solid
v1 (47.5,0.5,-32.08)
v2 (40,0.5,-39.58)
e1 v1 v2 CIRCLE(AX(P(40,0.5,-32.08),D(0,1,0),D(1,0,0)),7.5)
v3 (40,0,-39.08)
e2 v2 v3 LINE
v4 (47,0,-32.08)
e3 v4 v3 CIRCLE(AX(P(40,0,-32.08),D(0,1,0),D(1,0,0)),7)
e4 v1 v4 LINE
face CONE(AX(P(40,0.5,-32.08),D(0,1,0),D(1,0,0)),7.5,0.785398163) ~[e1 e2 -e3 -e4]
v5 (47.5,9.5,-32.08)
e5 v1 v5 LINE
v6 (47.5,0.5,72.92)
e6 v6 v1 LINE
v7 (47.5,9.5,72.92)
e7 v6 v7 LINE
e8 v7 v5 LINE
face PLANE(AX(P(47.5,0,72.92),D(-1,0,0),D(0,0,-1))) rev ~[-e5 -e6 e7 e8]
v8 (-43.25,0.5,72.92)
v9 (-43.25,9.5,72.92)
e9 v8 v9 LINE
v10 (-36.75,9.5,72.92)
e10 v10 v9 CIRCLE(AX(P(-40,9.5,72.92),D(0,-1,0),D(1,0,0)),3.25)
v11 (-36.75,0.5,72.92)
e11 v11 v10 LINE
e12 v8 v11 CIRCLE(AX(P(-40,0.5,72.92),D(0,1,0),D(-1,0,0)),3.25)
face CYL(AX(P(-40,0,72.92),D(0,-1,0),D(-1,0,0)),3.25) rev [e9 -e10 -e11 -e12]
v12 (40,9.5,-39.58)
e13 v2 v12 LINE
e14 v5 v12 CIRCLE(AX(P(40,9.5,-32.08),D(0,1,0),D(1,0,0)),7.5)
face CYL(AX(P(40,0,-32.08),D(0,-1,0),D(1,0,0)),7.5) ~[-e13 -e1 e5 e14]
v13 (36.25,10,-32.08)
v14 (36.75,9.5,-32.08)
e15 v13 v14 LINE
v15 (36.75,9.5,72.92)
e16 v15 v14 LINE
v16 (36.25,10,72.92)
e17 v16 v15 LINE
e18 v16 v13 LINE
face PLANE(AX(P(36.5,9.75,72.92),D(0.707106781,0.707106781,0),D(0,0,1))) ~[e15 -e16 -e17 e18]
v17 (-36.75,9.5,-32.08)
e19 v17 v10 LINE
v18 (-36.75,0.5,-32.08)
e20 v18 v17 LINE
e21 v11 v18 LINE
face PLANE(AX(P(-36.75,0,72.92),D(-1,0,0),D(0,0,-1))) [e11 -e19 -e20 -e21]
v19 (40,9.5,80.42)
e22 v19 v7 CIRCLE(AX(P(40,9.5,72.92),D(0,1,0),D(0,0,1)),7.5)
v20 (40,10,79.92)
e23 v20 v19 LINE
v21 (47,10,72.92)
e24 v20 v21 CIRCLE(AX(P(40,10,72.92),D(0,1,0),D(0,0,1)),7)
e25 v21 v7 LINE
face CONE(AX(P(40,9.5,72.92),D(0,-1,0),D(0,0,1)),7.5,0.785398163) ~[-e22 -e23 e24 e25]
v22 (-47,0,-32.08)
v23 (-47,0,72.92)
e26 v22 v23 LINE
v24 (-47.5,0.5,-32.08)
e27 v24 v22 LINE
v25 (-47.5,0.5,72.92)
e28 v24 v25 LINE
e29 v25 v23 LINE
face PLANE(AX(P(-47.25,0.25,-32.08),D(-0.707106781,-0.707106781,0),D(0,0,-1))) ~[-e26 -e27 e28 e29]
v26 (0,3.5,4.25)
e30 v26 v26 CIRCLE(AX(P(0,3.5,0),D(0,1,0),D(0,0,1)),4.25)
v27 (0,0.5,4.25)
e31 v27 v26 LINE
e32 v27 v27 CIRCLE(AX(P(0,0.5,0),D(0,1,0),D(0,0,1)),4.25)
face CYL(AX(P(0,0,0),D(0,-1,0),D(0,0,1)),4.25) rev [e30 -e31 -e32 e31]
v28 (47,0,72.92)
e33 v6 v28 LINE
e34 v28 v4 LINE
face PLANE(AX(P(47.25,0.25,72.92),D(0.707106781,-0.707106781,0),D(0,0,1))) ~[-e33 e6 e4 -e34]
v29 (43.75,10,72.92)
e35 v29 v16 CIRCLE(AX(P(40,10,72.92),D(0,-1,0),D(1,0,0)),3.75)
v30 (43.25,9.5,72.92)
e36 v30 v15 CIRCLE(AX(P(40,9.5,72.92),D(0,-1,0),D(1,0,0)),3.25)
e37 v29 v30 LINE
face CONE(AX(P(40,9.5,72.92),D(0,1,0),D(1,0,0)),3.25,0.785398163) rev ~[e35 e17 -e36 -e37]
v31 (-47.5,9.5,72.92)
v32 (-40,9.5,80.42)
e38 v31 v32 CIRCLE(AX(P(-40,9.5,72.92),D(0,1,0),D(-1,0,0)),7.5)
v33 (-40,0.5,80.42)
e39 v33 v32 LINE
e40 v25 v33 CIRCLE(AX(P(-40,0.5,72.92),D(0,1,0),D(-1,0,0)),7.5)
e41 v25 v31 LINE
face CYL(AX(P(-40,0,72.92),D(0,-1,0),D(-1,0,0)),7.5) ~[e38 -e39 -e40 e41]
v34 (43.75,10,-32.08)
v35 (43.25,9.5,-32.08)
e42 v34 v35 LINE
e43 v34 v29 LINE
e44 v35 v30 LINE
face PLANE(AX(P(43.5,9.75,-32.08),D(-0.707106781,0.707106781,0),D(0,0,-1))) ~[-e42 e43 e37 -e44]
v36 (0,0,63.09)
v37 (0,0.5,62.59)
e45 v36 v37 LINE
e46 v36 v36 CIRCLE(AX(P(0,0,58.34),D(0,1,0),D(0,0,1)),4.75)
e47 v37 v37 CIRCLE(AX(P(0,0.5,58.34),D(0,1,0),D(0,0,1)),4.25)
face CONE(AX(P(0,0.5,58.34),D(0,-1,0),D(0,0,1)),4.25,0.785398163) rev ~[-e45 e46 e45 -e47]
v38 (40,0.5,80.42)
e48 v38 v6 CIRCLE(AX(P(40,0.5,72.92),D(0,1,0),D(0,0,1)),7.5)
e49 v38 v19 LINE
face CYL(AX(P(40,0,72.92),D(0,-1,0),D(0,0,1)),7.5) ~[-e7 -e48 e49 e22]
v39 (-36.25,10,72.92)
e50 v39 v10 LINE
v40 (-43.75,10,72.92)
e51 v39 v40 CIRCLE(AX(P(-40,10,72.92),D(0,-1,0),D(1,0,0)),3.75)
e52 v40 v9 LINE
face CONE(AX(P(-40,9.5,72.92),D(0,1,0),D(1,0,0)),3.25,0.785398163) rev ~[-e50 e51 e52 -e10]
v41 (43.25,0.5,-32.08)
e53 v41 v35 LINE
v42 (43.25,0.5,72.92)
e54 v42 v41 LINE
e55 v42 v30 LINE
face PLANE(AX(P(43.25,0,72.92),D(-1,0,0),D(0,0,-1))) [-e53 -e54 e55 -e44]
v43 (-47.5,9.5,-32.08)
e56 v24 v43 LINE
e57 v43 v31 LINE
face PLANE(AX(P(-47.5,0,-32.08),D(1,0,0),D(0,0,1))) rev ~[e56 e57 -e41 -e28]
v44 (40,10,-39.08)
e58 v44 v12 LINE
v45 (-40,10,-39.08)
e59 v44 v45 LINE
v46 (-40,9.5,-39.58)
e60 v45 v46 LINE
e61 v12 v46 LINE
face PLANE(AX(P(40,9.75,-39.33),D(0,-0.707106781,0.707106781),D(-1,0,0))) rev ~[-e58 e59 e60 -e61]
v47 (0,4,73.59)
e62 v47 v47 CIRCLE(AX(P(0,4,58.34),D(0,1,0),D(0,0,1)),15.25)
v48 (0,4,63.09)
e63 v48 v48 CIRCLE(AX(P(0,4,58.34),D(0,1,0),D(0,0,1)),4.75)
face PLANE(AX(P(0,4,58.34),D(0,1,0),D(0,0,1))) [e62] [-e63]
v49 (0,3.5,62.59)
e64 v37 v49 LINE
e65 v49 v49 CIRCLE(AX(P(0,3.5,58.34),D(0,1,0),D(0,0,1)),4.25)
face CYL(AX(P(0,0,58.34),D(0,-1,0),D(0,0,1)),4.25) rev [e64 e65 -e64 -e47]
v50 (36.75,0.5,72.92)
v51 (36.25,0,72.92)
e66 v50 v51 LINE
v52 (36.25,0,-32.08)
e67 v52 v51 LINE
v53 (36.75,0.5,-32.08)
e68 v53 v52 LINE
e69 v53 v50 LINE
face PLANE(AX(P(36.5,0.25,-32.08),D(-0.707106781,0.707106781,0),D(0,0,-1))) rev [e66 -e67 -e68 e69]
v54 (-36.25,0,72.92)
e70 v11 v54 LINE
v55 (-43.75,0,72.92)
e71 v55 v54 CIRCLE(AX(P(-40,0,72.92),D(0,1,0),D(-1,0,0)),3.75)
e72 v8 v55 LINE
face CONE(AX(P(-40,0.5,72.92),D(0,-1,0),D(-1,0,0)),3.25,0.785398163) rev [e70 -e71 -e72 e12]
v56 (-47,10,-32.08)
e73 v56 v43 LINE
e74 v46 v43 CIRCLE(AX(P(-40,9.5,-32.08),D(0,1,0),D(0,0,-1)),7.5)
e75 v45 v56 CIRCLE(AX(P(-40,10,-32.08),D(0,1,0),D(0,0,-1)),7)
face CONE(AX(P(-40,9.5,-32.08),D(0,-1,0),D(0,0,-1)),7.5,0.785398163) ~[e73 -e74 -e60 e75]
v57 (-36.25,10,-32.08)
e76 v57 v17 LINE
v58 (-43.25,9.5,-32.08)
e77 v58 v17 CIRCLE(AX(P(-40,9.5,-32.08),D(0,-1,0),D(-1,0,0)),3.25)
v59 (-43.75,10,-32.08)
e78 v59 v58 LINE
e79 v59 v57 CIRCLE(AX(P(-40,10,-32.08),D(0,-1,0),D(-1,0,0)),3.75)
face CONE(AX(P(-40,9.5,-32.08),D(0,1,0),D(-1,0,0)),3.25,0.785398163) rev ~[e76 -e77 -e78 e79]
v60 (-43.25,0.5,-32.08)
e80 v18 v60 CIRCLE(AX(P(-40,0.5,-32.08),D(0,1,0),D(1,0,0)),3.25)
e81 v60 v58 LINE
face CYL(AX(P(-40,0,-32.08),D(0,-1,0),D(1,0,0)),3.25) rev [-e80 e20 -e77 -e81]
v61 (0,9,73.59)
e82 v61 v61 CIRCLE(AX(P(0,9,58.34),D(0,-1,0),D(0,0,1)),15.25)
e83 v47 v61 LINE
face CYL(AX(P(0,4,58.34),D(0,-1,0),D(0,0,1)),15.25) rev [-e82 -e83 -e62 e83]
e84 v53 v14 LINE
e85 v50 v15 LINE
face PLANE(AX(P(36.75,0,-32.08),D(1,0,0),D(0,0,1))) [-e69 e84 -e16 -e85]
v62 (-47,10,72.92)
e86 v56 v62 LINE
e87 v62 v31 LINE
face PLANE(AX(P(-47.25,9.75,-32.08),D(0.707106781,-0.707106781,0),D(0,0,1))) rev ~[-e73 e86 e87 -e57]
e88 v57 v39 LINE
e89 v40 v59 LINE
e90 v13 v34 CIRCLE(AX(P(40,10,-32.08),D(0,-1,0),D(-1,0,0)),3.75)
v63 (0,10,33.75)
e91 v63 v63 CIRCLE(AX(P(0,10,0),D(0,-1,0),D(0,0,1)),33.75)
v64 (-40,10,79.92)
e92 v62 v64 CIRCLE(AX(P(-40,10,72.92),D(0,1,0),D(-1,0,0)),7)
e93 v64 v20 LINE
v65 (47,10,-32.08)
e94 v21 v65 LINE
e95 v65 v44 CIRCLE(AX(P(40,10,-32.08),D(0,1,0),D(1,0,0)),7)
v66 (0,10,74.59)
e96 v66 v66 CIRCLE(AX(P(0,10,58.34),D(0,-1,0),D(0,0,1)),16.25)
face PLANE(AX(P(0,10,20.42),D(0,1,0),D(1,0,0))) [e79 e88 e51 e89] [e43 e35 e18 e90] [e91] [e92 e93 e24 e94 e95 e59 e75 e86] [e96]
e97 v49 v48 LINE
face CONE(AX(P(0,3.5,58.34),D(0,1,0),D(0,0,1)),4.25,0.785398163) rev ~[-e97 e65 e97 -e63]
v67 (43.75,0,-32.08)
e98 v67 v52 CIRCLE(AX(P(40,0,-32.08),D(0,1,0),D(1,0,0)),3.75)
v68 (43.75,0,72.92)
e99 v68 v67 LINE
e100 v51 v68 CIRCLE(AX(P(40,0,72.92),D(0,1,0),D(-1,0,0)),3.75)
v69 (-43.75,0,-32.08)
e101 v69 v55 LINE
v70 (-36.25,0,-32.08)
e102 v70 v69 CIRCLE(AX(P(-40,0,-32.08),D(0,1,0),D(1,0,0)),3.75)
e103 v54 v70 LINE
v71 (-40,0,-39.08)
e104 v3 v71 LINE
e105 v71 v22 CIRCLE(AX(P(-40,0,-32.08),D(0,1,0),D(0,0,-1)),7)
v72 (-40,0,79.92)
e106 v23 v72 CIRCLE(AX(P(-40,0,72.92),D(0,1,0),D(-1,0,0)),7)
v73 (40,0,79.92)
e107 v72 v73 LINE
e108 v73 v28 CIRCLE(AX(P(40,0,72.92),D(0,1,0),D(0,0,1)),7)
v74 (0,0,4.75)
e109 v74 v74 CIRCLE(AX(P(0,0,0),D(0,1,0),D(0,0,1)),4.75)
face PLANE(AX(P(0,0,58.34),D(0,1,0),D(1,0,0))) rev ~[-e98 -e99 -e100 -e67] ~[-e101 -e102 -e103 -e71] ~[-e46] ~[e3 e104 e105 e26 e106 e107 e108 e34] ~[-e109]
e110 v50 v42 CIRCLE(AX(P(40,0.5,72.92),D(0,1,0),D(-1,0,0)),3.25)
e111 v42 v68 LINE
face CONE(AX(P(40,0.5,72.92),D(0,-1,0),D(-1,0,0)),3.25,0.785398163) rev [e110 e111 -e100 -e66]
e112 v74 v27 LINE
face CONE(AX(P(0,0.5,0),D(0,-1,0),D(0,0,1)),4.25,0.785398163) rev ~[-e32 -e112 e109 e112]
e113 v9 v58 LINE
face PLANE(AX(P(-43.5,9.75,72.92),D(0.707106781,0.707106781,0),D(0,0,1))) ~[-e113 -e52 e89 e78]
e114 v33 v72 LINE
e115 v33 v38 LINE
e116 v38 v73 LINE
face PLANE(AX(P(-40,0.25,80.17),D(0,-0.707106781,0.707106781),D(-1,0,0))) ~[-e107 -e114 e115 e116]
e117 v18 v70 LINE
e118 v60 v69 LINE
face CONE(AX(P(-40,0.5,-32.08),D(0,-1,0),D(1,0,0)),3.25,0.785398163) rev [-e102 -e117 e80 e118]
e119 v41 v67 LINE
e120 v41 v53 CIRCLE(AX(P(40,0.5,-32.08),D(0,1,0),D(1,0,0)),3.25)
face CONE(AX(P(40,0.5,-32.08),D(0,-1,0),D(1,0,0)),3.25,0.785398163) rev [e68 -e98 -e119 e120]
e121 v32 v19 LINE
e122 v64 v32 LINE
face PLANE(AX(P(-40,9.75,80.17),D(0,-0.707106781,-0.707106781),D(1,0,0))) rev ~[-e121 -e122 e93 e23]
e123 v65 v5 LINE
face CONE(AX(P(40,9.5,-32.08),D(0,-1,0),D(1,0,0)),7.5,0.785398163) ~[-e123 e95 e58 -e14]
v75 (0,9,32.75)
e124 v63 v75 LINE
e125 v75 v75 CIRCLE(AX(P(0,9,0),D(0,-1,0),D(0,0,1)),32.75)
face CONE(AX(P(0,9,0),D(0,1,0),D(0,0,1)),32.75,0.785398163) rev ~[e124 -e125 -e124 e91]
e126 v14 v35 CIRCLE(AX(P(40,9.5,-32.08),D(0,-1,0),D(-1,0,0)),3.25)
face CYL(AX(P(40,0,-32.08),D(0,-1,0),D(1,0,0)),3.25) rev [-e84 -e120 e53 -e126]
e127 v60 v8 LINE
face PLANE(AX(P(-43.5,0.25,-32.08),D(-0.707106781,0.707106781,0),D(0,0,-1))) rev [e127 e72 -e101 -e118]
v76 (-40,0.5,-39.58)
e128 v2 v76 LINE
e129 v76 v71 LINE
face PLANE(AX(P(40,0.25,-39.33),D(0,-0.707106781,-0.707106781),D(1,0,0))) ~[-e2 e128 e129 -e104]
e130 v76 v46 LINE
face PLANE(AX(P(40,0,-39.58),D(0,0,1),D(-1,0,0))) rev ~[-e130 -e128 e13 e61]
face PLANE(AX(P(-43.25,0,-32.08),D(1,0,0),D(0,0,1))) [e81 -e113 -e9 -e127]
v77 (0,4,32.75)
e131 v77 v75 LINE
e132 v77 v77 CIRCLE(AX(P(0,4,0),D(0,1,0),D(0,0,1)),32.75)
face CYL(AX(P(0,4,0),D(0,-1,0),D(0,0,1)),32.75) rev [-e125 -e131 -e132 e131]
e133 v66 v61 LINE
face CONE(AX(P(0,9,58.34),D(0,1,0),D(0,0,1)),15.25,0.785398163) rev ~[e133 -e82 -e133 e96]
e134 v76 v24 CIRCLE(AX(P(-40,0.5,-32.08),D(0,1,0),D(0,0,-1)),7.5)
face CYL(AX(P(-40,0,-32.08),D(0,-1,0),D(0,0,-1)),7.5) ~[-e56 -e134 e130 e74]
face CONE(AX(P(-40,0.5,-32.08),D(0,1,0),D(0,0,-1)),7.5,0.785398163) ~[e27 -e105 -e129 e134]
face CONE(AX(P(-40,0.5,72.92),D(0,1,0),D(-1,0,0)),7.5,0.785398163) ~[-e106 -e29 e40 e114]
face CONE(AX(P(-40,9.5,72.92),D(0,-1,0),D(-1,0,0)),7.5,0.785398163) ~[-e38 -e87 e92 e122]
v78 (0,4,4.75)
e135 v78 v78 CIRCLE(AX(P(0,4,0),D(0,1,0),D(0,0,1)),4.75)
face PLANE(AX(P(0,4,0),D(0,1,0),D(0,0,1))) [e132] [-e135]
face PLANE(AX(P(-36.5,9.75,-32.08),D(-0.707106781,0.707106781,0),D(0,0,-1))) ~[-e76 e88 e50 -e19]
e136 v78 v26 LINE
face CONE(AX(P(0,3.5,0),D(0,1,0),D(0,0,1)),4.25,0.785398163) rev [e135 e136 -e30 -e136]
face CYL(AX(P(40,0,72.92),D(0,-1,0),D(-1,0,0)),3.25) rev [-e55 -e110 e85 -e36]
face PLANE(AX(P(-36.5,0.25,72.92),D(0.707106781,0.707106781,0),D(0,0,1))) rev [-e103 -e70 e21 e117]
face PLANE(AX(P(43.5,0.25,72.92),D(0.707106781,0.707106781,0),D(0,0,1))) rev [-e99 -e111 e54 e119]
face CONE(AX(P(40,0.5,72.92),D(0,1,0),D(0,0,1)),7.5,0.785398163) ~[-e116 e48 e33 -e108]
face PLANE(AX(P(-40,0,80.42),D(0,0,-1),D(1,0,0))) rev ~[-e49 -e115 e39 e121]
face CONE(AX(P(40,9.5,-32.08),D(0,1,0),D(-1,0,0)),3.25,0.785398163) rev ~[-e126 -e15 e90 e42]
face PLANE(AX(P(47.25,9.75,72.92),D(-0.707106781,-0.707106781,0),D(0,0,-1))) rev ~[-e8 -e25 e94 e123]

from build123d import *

# Parameters (mm, degrees)
SKETCH1_R           = 32.75
SKETCH1_R_2         = 15.25
SKETCH1_R_3         = 4.25
BOSS_EXTRUDE1_DEPTH = 10
SKETCH1_4_R         = 4.25
CUT_EXTRUDE2_DEPTH  = 94.934159921
CUT_EXTRUDE3_START  = 4
SKETCH1_6_R         = 32.75
SKETCH1_6_R_2       = 4.25
SKETCH1_6_R_3       = 15.25
CUT_EXTRUDE3_DEPTH  = 90.934159921
CHAMFER1_SIZE       = 1
CHAMFER2_SIZE       = 0.5


with BuildPart() as part:
    # Sketch1 → Boss-Extrude1 (new body)
    # profile 1 of 9: a face of its own
    with BuildSketch(Plane(origin=(0, 0, 0), x_dir=(1, 0, 0), z_dir=(0, 1, 0))):
        with BuildLine():
            Line((-40, -80.42), (40, -80.42))
            ThreePointArc((40, -80.42), (45.303300859, -78.223300859), (47.5, -72.92))
            Line((47.5, -72.92), (47.5, 32.08))
            ThreePointArc((47.5, 32.08), (45.303300859, 37.383300859), (40, 39.58))
            Line((40, 39.58), (-40, 39.58))
            ThreePointArc((-40, 39.58), (-45.303300859, 37.383300859), (-47.5, 32.08))
            Line((-47.5, 32.08), (-47.5, -72.92))
            ThreePointArc((-47.5, -72.92), (-45.303300859, -78.223300859), (-40, -80.42))
        make_face()
        Circle(SKETCH1_R, mode=Mode.SUBTRACT)
        with Locations((0, -58.34)):
            Circle(SKETCH1_R_2, mode=Mode.SUBTRACT)
        with BuildLine():
            ThreePointArc((46, 32.08), (40, 38.08), (34, 32.08))
            Line((34, 32.08), (34, -72.92))
            ThreePointArc((34, -72.92), (40, -78.92), (46, -72.92))
            Line((46, -72.92), (46, 32.08))
        make_face(mode=Mode.SUBTRACT)
        with BuildLine():
            ThreePointArc((-34, 32.08), (-40, 38.08), (-46, 32.08))
            Line((-46, 32.08), (-46, -72.92))
            ThreePointArc((-46, -72.92), (-40, -78.92), (-34, -72.92))
            Line((-34, -72.92), (-34, 32.08))
        make_face(mode=Mode.SUBTRACT)
    # profile 2 of 9: a face of its own
    with BuildSketch(Plane(origin=(0, 0, 0), x_dir=(1, 0, 0), z_dir=(0, 1, 0))):
        Circle(SKETCH1_R)
        Circle(SKETCH1_R_3, mode=Mode.SUBTRACT)
    # profile 3 of 9: a face of its own
    with BuildSketch(Plane(origin=(0, 0, 0), x_dir=(1, 0, 0), z_dir=(0, 1, 0))):
        with Locations((0, -58.34)):
            Circle(SKETCH1_R_2)
        with Locations((0, -58.34)):
            Circle(SKETCH1_R_3, mode=Mode.SUBTRACT)
    # profile 4 of 9: a face of its own
    with BuildSketch(Plane(origin=(0, 0, 0), x_dir=(1, 0, 0), z_dir=(0, 1, 0))):
        with BuildLine():
            Line((-34, -72.92), (-34, 32.08))
            ThreePointArc((-34, 32.08), (-40, 38.08), (-46, 32.08))
            Line((-46, 32.08), (-46, -72.92))
            ThreePointArc((-46, -72.92), (-40, -78.92), (-34, -72.92))
        make_face()
        with BuildLine():
            ThreePointArc((-43.25, -72.92), (-40, -76.17), (-36.75, -72.92))
            Line((-36.75, -72.92), (-36.75, 32.08))
            ThreePointArc((-36.75, 32.08), (-40, 35.33), (-43.25, 32.08))
            Line((-43.25, 32.08), (-43.25, -72.92))
        make_face(mode=Mode.SUBTRACT)
    # profile 5 of 9: a face of its own
    with BuildSketch(Plane(origin=(0, 0, 0), x_dir=(1, 0, 0), z_dir=(0, 1, 0))):
        with BuildLine():
            Line((46, -72.92), (46, 32.08))
            ThreePointArc((46, 32.08), (40, 38.08), (34, 32.08))
            Line((34, 32.08), (34, -72.92))
            ThreePointArc((34, -72.92), (40, -78.92), (46, -72.92))
        make_face()
        with BuildLine():
            ThreePointArc((36.75, -72.92), (40, -76.17), (43.25, -72.92))
            Line((43.25, -72.92), (43.25, 32.08))
            ThreePointArc((43.25, 32.08), (40, 35.33), (36.75, 32.08))
            Line((36.75, 32.08), (36.75, -72.92))
        make_face(mode=Mode.SUBTRACT)
    # profile 6 of 9: a face of its own
    with BuildSketch(Plane(origin=(0, 0, 0), x_dir=(1, 0, 0), z_dir=(0, 1, 0))):
        with BuildLine():
            Line((36.75, 32.08), (36.75, -72.92))
            ThreePointArc((36.75, -72.92), (40, -76.17), (43.25, -72.92))
            Line((43.25, -72.92), (43.25, 32.08))
            ThreePointArc((43.25, 32.08), (40, 35.33), (36.75, 32.08))
        make_face()
    # profile 7 of 9: a face of its own
    with BuildSketch(Plane(origin=(0, 0, 0), x_dir=(1, 0, 0), z_dir=(0, 1, 0))):
        with BuildLine():
            Line((-43.25, 32.08), (-43.25, -72.92))
            ThreePointArc((-43.25, -72.92), (-40, -76.17), (-36.75, -72.92))
            Line((-36.75, -72.92), (-36.75, 32.08))
            ThreePointArc((-36.75, 32.08), (-40, 35.33), (-43.25, 32.08))
        make_face()
    # profile 8 of 9: a face of its own
    with BuildSketch(Plane(origin=(0, 0, 0), x_dir=(1, 0, 0), z_dir=(0, 1, 0))):
        Circle(SKETCH1_R_3)
    # profile 9 of 9: a face of its own
    with BuildSketch(Plane(origin=(0, 0, 0), x_dir=(1, 0, 0), z_dir=(0, 1, 0))):
        with Locations((0, -58.34)):
            Circle(SKETCH1_R_3)
    extrude(amount=BOSS_EXTRUDE1_DEPTH)

    # Sketch1<4> → Cut-Extrude2 (cut, through all)
    with BuildSketch(Plane(origin=(0, 0, 0), x_dir=(1, 0, 0), z_dir=(0, 1, 0))):
        with BuildLine():
            Line((36.75, 32.08), (36.75, -72.92))
            ThreePointArc((36.75, -72.92), (40, -76.17), (43.25, -72.92))
            Line((43.25, -72.92), (43.25, 32.08))
            ThreePointArc((43.25, 32.08), (40, 35.33), (36.75, 32.08))
        make_face()
        with Locations(Location((0, 0, 0), (0, 0, 270))):
            Circle(SKETCH1_4_R)
        with Locations(Location((0, -58.34, 0), (0, 0, 270))):
            Circle(SKETCH1_4_R)
        with BuildLine():
            Line((-43.25, 32.08), (-43.25, -72.92))
            ThreePointArc((-43.25, -72.92), (-40, -76.17), (-36.75, -72.92))
            Line((-36.75, -72.92), (-36.75, 32.08))
            ThreePointArc((-36.75, 32.08), (-40, 35.33), (-43.25, 32.08))
        make_face()
    extrude(amount=CUT_EXTRUDE2_DEPTH, mode=Mode.SUBTRACT)

    # Sketch1<6> → Cut-Extrude3 (cut, through all)
    # profile 1 of 2: a face of its own
    with BuildSketch(Plane(origin=(0, 0, 0), x_dir=(1, 0, 0), z_dir=(0, 1, 0)).offset(CUT_EXTRUDE3_START)):
        with Locations(Location((0, 0, 0), (0, 0, 270))):
            Circle(SKETCH1_6_R)
        with Locations(Location((0, 0, 0), (0, 0, 270))):
            Circle(SKETCH1_6_R_2, mode=Mode.SUBTRACT)
    # profile 2 of 2: a face of its own
    with BuildSketch(Plane(origin=(0, 0, 0), x_dir=(1, 0, 0), z_dir=(0, 1, 0)).offset(CUT_EXTRUDE3_START)):
        with Locations(Location((0, -58.34, 0), (0, 0, 270))):
            Circle(SKETCH1_6_R_3)
        with Locations(Location((0, -58.34, 0), (0, 0, 270))):
            Circle(SKETCH1_6_R_2, mode=Mode.SUBTRACT)
    extrude(amount=CUT_EXTRUDE3_DEPTH, mode=Mode.SUBTRACT)

    # Chamfer1
    chamfer1_edges = [part.edges().sort_by_distance(p)[0] for p in [
        (0, 10, -32.75),
        (0, 10, 43.09),
    ]]
    chamfer(chamfer1_edges, length=CHAMFER1_SIZE)

    # Chamfer2
    chamfer2_edges = [part.edges().sort_by_distance(p)[0] for p in [
        (45.303300859, 10, 78.223300859),
        (-47.5, 0, 20.42),
        (-45.303300859, 0, -37.383300859),
        (0, 0, -39.58),
        (45.303300859, 0, -37.383300859),
        (47.5, 0, 20.42),
        (45.303300859, 0, 78.223300859),
        (0, 0, 80.42),
        (47.5, 10, 20.42),
        (45.303300859, 10, -37.383300859),
        (0, 10, -39.58),
        (-45.303300859, 10, -37.383300859),
        (-47.5, 10, 20.42),
        (36.75, 0, 20.42),
        (40, 0, 76.17),
        (43.25, 10, 20.42),
        (40, 0, -35.33),
        (36.75, 10, 20.42),
        (-45.303300859, 10, 78.223300859),
        (40, 10, 76.17),
        (40, 10, -35.33),
        (43.25, 0, 20.42),
        (0, 0, -4.25),
        (0, 0, 54.09),
        (-43.25, 0, 20.42),
        (-40, 0, 76.17),
        (-36.75, 10, 20.42),
        (-40, 0, -35.33),
        (-43.25, 10, 20.42),
        (-40, 10, 76.17),
        (-40, 10, -35.33),
        (0, 10, 80.42),
        (-36.75, 0, 20.42),
        (0, 4, -4.25),
        (0, 4, 54.09),
        (-45.303300859, 0, 78.223300859),
    ]]
    chamfer(chamfer2_edges, length=CHAMFER2_SIZE)


solid = part.part
